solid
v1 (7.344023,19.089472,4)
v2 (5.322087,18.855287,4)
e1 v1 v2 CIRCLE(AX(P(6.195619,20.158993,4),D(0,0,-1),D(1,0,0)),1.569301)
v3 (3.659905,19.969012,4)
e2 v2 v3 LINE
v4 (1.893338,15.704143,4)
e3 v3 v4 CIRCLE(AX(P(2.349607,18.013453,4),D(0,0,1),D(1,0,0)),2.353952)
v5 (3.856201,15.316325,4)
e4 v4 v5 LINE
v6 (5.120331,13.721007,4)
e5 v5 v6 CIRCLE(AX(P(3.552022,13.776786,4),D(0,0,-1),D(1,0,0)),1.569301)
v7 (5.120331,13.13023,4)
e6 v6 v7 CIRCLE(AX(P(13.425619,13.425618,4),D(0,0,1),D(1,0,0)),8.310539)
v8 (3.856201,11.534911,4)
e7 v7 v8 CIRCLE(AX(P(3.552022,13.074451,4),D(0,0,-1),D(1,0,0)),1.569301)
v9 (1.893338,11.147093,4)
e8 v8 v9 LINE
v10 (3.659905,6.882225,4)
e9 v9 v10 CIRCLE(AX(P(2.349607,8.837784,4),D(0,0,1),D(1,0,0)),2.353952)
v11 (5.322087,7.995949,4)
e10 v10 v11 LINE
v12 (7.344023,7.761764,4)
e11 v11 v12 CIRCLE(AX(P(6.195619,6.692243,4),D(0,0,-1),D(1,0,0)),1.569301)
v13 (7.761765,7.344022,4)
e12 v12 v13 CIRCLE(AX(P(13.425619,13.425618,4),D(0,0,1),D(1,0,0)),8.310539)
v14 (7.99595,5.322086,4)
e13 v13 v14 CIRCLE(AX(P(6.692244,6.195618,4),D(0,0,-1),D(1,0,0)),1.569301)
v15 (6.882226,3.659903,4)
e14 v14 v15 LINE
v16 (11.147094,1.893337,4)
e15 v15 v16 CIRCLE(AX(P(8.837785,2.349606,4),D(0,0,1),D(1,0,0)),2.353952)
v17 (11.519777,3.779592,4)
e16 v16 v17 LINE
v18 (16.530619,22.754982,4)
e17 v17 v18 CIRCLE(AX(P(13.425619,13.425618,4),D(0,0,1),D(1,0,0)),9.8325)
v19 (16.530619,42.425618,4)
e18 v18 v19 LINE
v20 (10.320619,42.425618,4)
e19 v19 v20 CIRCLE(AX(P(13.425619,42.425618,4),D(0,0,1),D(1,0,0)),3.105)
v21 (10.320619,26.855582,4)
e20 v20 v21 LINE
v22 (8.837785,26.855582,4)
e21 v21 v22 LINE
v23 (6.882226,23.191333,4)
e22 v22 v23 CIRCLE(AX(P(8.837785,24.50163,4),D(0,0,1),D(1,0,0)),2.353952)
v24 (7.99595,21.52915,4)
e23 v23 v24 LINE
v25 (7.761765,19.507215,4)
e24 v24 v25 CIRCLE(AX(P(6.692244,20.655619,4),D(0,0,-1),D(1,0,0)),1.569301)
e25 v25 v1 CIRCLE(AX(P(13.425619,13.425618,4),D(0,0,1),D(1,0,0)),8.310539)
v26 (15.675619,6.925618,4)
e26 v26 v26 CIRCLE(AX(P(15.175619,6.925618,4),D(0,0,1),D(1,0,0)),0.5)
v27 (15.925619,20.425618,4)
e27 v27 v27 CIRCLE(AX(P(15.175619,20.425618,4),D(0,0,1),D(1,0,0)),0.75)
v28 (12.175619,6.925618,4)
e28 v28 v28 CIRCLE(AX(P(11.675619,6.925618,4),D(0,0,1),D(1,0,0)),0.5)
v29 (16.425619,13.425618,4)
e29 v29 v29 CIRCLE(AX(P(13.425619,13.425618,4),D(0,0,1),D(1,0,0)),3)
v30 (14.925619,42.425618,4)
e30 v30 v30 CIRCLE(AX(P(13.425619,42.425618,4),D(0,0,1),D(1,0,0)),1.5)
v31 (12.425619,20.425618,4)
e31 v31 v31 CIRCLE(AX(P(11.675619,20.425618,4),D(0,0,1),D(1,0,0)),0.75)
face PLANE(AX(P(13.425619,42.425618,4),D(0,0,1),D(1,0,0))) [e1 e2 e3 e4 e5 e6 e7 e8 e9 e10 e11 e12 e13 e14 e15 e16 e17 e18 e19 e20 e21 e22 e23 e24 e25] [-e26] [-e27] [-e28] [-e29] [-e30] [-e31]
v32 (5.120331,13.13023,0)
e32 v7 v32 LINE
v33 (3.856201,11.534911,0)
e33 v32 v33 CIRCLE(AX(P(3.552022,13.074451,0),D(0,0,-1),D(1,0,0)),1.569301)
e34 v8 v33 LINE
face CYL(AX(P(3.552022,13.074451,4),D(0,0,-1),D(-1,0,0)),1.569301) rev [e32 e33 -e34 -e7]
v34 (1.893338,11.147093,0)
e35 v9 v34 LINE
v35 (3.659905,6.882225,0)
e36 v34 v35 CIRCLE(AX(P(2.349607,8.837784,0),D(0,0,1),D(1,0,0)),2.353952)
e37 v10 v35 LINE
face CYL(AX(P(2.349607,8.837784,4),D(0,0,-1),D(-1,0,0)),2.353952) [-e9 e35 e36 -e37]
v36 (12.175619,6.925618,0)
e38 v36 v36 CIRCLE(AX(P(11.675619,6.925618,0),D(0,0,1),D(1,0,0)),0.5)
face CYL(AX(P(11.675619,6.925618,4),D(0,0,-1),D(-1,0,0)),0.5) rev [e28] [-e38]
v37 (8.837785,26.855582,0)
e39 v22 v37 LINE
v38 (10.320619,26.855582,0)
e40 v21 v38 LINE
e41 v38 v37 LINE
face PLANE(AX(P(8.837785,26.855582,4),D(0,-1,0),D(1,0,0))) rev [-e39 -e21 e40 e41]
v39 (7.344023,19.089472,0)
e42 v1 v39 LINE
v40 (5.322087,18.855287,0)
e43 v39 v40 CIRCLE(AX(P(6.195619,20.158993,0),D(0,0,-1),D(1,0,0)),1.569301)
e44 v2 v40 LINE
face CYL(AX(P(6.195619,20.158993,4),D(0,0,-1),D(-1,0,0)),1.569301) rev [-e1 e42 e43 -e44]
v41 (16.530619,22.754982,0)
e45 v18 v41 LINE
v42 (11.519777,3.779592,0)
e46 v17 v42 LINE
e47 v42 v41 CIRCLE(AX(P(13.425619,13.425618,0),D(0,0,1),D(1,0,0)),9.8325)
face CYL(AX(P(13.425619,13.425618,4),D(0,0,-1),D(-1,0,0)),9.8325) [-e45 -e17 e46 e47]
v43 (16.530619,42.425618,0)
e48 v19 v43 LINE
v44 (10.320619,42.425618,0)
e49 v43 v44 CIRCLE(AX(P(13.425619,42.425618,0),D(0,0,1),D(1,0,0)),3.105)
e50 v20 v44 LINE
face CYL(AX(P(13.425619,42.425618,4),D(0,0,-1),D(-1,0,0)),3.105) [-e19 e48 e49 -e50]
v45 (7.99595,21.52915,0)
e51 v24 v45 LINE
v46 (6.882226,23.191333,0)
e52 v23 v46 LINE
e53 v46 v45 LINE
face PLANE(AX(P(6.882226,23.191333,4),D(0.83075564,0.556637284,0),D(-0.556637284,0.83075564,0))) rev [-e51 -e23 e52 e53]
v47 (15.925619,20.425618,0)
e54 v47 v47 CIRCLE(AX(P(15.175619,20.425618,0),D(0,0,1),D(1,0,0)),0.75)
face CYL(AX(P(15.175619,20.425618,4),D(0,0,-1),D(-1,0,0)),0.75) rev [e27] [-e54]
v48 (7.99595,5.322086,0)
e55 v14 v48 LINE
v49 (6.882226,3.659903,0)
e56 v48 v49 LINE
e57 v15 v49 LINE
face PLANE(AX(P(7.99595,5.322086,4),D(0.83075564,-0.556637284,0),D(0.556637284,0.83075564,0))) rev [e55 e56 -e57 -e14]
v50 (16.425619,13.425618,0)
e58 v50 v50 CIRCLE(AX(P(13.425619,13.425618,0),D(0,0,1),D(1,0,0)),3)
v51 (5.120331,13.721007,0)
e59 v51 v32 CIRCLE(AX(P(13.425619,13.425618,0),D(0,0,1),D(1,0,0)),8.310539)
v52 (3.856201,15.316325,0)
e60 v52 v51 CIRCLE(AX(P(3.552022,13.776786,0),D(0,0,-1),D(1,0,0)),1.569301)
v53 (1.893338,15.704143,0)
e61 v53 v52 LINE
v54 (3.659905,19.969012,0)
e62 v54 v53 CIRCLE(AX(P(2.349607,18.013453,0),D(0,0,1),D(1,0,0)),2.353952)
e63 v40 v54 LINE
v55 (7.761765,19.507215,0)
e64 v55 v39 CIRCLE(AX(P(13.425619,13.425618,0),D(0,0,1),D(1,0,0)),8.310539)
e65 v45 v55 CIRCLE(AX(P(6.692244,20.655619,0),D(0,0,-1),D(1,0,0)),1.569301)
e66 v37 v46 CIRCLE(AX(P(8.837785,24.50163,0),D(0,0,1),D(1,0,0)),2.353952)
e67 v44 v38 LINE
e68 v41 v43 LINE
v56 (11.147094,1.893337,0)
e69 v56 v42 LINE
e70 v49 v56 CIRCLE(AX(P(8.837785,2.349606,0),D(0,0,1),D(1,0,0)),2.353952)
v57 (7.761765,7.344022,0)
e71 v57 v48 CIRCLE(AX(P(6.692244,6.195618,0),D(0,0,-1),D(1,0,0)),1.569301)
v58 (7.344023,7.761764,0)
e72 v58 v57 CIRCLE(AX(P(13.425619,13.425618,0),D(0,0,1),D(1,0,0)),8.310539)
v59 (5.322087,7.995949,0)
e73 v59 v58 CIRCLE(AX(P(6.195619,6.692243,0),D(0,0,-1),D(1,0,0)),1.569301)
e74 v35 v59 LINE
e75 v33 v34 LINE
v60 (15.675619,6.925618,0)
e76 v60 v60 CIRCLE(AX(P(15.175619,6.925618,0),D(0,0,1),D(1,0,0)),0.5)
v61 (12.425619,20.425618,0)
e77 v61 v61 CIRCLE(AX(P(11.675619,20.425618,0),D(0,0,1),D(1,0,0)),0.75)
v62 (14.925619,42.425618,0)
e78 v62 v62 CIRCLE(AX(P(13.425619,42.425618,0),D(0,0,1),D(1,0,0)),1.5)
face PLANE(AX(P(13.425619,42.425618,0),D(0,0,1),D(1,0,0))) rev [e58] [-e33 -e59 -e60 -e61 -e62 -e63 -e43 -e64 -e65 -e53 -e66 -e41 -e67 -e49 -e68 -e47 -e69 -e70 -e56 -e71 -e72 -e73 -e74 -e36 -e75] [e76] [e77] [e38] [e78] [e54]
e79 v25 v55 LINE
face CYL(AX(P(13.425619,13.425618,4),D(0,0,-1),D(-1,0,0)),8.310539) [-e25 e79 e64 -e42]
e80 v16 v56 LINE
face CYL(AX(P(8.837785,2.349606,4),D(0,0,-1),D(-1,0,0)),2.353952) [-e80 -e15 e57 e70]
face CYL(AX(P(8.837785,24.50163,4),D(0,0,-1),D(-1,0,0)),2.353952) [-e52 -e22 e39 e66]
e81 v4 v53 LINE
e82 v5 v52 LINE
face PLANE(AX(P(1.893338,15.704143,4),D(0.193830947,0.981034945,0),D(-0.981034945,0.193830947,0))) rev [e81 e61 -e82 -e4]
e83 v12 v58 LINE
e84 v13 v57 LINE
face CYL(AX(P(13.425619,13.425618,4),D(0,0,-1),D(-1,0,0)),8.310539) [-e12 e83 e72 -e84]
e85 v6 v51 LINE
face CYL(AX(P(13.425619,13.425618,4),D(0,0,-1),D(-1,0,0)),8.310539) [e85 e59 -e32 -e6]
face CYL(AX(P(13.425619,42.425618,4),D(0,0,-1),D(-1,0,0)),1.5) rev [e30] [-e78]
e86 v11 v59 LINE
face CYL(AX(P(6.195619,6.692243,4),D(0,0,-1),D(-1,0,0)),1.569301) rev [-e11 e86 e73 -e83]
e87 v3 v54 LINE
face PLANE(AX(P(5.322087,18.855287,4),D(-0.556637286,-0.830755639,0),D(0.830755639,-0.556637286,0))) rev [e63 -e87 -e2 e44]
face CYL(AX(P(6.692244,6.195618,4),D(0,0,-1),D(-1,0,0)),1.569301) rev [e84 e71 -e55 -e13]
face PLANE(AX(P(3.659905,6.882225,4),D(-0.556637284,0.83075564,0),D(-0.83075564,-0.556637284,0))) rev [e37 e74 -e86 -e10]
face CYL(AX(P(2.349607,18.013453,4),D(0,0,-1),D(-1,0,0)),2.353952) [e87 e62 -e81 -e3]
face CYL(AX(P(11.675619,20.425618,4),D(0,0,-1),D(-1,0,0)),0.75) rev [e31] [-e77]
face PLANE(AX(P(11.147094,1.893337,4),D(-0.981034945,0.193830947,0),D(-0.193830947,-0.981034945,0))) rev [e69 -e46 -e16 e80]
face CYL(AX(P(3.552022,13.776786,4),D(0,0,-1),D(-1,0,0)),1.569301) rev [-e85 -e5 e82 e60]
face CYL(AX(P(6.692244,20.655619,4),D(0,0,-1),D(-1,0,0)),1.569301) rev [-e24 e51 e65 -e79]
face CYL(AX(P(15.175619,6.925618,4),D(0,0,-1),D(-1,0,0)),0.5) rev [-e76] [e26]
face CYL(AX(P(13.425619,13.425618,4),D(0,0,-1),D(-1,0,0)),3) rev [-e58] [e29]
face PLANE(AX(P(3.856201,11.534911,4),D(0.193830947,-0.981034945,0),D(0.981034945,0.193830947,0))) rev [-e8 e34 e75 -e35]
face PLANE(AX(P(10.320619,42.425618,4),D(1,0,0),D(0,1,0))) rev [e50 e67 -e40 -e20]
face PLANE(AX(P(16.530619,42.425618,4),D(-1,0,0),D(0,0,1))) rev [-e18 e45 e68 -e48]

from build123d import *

# Parameters (mm, degrees)
SKETCH1_R           = 1.5
SKETCH1_R_2         = 3
SKETCH1_R_3         = 0.75
SKETCH1_R_4         = 0.5
BOSS_EXTRUDE1_DEPTH = 4


with BuildPart() as part:
    # Sketch1 → Boss-Extrude1 (new body)
    with BuildSketch(Plane.XY):
        with BuildLine():
            Line((16.530619317, 42.42561819), (16.530619317, 22.754982115))
            ThreePointArc((16.530619317, 22.754982115), (22.932240754, 10.915198881), (11.519776525, 3.779592091))
            Line((11.519776525, 3.779592091), (11.147094023, 1.893337277))
            ThreePointArc((11.147094023, 1.893337277), (11.123415667, 1.786594657), (11.094806165, 1.681066709))
            ThreePointArc((11.094806165, 1.681066709), (11.090483266, 1.666641986), (11.086068179, 1.652245212))
            ThreePointArc((11.086068179, 1.652245212), (7.936966432, 0.174837955), (6.754899921, 3.446273846))
            ThreePointArc((6.754899921, 3.446273846), (6.761958039, 3.45957584), (6.769101108, 3.47283241))
            ThreePointArc((6.769101108, 3.47283241), (6.823490663, 3.567681911), (6.882225966, 3.659903468))
            Line((6.882225966, 3.659903468), (7.995950227, 5.322085893))
            ThreePointArc((7.995950227, 5.322085893), (8.251124429, 6.376170558), (7.761765041, 7.344021653))
            ThreePointArc((7.761765041, 7.344021653), (7.549180699, 7.549179572), (7.344022782, 7.761763916))
            ThreePointArc((7.344022782, 7.761763916), (6.376171685, 8.251123307), (5.322087019, 7.995949102))
            Line((5.322087019, 7.995949102), (3.659904592, 6.882224839))
            ThreePointArc((3.659904592, 6.882224839), (3.567683036, 6.823489535), (3.472833536, 6.769099981))
            ThreePointArc((3.472833536, 6.769099981), (3.459576965, 6.761956912), (3.446274971, 6.754898794))
            ThreePointArc((3.446274971, 6.754898794), (0.174839081, 7.936965304), (1.652246338, 11.086067052))
            ThreePointArc((1.652246338, 11.086067052), (1.666643112, 11.090482139), (1.681067834, 11.094805038))
            ThreePointArc((1.681067834, 11.094805038), (1.786595783, 11.12341454), (1.893338403, 11.147092897))
            Line((1.893338403, 11.147092897), (3.856200846, 11.534911383))
            ThreePointArc((3.856200846, 11.534911383), (4.781986668, 12.099826389), (5.120331397, 13.130229803))
            ThreePointArc((5.120331397, 13.130229803), (5.115080125, 13.425618189), (5.120331401, 13.721006575))
            ThreePointArc((5.120331401, 13.721006575), (4.781986671, 14.751409991), (3.856200847, 15.316324996))
            Line((3.856200847, 15.316324996), (1.893338402, 15.704143481))
            ThreePointArc((1.893338402, 15.704143481), (1.786595783, 15.72782184), (1.681067835, 15.756431342))
            ThreePointArc((1.681067835, 15.756431342), (1.666643112, 15.760754241), (1.652246339, 15.765169327))
            ThreePointArc((1.652246339, 15.765169327), (0.174839082, 18.914271075), (3.446274972, 20.096337586))
            ThreePointArc((3.446274972, 20.096337586), (3.459576966, 20.089279467), (3.472833537, 20.082136399))
            ThreePointArc((3.472833537, 20.082136399), (3.567683038, 20.027746844), (3.659904595, 19.969011541))
            Line((3.659904595, 19.969011541), (5.322087019, 18.855287277))
            ThreePointArc((5.322087019, 18.855287277), (6.376171684, 18.600113075), (7.344022779, 19.089472463))
            ThreePointArc((7.344022779, 19.089472463), (7.549180698, 19.302056807), (7.761765042, 19.507214725))
            ThreePointArc((7.761765042, 19.507214725), (8.251124432, 20.475065821), (7.995950227, 21.529150485))
            Line((7.995950227, 21.529150485), (6.882225965, 23.191332912))
            ThreePointArc((6.882225965, 23.191332912), (6.823490661, 23.283554468), (6.769101106, 23.378403968))
            ThreePointArc((6.769101106, 23.378403968), (6.761958038, 23.391660539), (6.754899919, 23.404962533))
            ThreePointArc((6.754899919, 23.404962533), (6.822518946, 25.718097901), (8.837784858, 26.855582349))
            Line((8.837784858, 26.855582349), (10.320619317, 26.855582349))
            Line((10.320619317, 26.855582349), (10.320619317, 42.42561819))
            ThreePointArc((10.320619317, 42.42561819), (13.425619317, 45.53061819), (16.530619317, 42.42561819))
        make_face()
        with Locations((13.425619317, 42.42561819)):
            Circle(SKETCH1_R, mode=Mode.SUBTRACT)
        with Locations((13.425619317, 13.42561819)):
            Circle(SKETCH1_R_2, mode=Mode.SUBTRACT)
        with Locations((11.675619317, 20.42561819)):
            Circle(SKETCH1_R_3, mode=Mode.SUBTRACT)
        with Locations((15.175619317, 20.42561819)):
            Circle(SKETCH1_R_3, mode=Mode.SUBTRACT)
        with Locations((11.675619317, 6.92561819)):
            Circle(SKETCH1_R_4, mode=Mode.SUBTRACT)
        with Locations((15.175619317, 6.92561819)):
            Circle(SKETCH1_R_4, mode=Mode.SUBTRACT)
    extrude(amount=BOSS_EXTRUDE1_DEPTH)


solid = part.part
